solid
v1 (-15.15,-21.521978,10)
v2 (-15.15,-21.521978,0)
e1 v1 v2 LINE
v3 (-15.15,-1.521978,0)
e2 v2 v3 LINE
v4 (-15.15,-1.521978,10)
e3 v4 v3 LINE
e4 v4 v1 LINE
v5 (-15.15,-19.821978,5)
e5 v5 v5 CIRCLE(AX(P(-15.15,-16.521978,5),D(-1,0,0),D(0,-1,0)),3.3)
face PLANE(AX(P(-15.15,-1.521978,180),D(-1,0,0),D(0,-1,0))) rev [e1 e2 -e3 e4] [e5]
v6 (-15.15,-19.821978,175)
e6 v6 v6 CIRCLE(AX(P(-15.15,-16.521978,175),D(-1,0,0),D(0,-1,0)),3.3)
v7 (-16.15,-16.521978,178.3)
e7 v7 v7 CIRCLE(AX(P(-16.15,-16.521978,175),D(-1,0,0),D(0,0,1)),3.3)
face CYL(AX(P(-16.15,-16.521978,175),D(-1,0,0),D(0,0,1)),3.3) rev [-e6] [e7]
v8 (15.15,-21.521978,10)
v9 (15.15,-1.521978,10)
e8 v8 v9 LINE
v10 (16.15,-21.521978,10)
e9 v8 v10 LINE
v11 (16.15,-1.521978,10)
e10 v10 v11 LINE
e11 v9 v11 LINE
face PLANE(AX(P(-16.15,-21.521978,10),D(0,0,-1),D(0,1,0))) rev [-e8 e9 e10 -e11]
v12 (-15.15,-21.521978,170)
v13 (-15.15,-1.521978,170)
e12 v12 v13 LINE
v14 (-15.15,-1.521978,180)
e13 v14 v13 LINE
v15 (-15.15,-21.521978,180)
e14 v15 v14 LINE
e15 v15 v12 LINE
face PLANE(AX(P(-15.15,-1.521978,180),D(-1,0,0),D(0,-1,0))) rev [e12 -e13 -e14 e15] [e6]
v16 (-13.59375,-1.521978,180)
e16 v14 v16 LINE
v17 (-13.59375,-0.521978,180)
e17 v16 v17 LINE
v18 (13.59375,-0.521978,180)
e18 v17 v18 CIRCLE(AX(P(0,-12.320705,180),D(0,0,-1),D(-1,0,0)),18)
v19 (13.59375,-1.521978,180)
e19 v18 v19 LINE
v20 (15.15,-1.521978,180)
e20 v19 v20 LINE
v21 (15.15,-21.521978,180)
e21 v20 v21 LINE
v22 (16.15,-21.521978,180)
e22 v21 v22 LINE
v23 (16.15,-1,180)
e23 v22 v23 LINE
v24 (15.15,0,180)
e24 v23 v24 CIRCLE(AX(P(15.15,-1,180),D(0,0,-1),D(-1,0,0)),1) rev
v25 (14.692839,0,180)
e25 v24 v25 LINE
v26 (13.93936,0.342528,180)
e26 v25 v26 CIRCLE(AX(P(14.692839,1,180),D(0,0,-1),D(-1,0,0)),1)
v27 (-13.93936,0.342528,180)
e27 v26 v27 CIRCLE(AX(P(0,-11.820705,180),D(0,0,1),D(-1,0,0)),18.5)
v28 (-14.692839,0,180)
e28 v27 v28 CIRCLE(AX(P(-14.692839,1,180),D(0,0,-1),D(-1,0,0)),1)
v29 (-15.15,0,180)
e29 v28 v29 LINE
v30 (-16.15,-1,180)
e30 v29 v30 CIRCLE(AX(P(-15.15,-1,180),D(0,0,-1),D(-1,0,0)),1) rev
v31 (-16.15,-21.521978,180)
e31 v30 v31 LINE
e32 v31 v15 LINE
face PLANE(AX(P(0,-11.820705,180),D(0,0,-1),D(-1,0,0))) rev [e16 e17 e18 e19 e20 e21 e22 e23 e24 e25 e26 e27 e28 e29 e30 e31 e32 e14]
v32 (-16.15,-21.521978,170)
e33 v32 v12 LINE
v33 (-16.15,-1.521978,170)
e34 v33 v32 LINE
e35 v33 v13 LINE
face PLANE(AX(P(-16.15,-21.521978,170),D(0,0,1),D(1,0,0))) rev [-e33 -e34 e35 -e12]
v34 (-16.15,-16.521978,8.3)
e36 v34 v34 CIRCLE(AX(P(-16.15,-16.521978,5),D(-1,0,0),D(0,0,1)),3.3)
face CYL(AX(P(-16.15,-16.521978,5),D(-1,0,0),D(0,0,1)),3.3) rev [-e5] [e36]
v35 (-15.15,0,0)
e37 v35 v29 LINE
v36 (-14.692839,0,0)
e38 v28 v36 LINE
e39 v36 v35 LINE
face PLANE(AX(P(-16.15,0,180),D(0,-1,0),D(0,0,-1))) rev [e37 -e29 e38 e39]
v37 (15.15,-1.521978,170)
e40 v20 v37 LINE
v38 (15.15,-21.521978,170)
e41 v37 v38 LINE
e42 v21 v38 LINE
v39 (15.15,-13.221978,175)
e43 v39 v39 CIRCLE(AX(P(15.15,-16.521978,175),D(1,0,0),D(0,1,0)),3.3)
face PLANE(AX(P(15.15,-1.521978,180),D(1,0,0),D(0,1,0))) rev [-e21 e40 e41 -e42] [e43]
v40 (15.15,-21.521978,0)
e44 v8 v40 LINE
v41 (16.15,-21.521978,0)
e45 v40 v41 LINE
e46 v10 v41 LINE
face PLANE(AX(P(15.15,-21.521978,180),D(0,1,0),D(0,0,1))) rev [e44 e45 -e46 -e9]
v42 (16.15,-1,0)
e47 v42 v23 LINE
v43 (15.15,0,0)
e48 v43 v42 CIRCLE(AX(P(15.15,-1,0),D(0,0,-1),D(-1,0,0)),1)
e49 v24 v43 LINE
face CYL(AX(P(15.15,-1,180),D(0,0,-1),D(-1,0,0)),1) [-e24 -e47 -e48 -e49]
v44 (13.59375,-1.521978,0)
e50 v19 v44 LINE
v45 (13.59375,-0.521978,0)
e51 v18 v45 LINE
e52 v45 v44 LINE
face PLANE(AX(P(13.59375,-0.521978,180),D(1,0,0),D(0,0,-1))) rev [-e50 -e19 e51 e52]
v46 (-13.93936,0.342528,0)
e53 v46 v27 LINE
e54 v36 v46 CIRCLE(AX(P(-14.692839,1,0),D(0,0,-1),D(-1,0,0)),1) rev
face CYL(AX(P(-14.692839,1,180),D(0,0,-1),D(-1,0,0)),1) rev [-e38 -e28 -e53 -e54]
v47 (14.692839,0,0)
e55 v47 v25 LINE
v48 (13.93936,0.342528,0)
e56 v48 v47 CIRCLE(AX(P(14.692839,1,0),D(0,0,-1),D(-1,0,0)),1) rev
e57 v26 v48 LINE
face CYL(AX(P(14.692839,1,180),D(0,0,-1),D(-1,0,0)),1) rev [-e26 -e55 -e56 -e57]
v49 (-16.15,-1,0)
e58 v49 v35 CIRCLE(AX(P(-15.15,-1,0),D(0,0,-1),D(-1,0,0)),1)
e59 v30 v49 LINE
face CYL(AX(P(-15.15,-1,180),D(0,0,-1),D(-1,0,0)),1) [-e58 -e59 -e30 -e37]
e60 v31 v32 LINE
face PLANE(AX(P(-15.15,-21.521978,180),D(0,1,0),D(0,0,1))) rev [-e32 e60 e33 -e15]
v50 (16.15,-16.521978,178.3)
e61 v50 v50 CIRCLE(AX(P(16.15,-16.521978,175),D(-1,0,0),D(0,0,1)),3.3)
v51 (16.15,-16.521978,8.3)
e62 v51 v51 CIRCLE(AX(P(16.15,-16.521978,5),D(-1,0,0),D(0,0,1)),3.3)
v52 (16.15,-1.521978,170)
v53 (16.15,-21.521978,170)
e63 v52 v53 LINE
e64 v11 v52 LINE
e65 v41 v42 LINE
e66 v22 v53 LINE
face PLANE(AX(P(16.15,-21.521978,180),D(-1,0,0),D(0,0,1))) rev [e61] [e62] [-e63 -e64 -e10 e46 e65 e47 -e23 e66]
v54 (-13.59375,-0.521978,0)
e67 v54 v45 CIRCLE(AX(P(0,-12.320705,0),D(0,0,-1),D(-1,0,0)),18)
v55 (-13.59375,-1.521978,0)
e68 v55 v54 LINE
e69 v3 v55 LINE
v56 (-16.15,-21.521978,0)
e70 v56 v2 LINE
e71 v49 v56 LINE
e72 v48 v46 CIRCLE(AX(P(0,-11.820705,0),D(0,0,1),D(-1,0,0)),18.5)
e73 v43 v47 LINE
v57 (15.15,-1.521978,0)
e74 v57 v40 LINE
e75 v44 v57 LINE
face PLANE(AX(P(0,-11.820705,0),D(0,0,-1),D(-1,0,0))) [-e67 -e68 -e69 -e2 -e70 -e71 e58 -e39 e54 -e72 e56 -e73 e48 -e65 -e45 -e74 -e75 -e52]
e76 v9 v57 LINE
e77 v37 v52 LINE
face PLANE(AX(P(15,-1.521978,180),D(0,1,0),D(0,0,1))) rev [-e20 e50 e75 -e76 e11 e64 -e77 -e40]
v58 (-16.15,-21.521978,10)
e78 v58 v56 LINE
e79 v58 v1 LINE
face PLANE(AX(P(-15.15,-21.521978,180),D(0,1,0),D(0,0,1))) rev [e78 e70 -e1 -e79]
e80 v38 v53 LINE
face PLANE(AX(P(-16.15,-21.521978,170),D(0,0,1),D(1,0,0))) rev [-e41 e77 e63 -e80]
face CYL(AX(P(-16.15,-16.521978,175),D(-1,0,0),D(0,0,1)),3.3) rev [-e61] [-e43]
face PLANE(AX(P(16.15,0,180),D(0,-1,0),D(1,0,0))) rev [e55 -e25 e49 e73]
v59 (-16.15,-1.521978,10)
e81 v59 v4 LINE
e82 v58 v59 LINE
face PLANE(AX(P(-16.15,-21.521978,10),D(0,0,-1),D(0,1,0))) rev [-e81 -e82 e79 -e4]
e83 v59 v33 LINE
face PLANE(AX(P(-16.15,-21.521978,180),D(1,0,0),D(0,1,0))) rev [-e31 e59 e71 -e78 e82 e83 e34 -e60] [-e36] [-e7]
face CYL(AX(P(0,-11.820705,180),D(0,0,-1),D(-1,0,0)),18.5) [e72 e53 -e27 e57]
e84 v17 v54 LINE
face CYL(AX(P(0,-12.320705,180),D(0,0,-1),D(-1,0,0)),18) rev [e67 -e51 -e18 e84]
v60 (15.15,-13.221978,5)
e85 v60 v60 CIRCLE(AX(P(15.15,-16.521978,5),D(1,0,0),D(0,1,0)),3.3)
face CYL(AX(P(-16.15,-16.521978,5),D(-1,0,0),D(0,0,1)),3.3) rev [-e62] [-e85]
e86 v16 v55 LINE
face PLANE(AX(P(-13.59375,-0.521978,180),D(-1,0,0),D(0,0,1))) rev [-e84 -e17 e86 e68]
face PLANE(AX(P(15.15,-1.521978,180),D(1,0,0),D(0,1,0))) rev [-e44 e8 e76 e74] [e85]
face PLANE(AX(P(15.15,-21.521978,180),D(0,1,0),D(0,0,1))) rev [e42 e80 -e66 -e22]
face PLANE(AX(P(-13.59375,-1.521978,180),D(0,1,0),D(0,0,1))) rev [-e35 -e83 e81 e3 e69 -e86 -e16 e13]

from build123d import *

# Parameters (mm, degrees)
AUFSATZ_LINEAR_AUSTRAGEN1_DEPTH = 180
DURCHGANGSLOCH_F_R_M61_D        = 6.6
SKIZZE4_W                       = 160
SKIZZE4_H                       = 20
SCHNITT_LINEAR_AUSTRAGEN1_DEPTH = 185.137137843
VERRUNDUNG1_R                   = 1


with BuildPart() as part:
    # Skizze1 → Aufsatz-Linear austragen1 (new body)
    with BuildSketch(Plane.XY):
        with BuildLine():
            Line((-16.15, 0), (-14.230984974, 0))
            ThreePointArc((-14.230984974, 0), (0, 6.679295001), (14.230984974, 0))
            Line((14.230984974, 0), (16.15, 0))
            Line((16.15, 0), (16.15, -21.521977909))
            Line((16.15, -21.521977909), (15.15, -21.521977909))
            Line((15.15, -21.521977909), (15.15, -1.521977909))
            Line((15.15, -1.521977909), (15, -1.521977909))
            Line((15, -1.521977909), (13.59375, -1.521977909))
            Line((13.59375, -1.521977909), (13.59375, -0.521977909))
            ThreePointArc((13.59375, -0.521977909), (0, 5.679295001), (-13.59375, -0.521977909))
            Line((-13.59375, -0.521977909), (-13.59375, -1.521977909))
            Line((-13.59375, -1.521977909), (-15, -1.521977909))
            Line((-15, -1.521977909), (-15.15, -1.521977909))
            Line((-15.15, -1.521977909), (-15.15, -21.521977909))
            Line((-15.15, -21.521977909), (-16.15, -21.521977909))
            Line((-16.15, -21.521977909), (-16.15, 0))
        make_face()
    extrude(amount=AUFSATZ_LINEAR_AUSTRAGEN1_DEPTH)

    # Durchgangsloch für M61 (through all)
    with Locations(Plane(origin=(-16.15, 0, 0), x_dir=(0, 0, -1), z_dir=(-1, 0, 0))):
        with Locations((-5, 16.521977909)):
            durchgangsloch_f_r_m61 = Hole(DURCHGANGSLOCH_F_R_M61_D / 2)

    # Spiegeln1: Durchgangsloch für M61 across plane
    add(durchgangsloch_f_r_m61.mirror(Plane.XY.offset(90)), mode=Mode.SUBTRACT)

    # Skizze4 → Schnitt-Linear austragen1 (cut, through all)
    with BuildSketch(Plane(origin=(16.15, 0, 0), x_dir=(0, 0, -1), z_dir=(1, 0, 0))):
        with Locations((-90, -11.521977909)):
            Rectangle(SKIZZE4_W, SKIZZE4_H)
    extrude(amount=-SCHNITT_LINEAR_AUSTRAGEN1_DEPTH, mode=Mode.SUBTRACT)

    # Verrundung1
    verrundung1_edges = [part.edges().sort_by_distance(p)[0] for p in [
        (14.230984974, 0, 90),
        (16.15, 0, 90),
        (-16.15, 0, 90),
        (-14.230984974, 0, 90),
    ]]
    fillet(verrundung1_edges, radius=VERRUNDUNG1_R)


solid = part.part
